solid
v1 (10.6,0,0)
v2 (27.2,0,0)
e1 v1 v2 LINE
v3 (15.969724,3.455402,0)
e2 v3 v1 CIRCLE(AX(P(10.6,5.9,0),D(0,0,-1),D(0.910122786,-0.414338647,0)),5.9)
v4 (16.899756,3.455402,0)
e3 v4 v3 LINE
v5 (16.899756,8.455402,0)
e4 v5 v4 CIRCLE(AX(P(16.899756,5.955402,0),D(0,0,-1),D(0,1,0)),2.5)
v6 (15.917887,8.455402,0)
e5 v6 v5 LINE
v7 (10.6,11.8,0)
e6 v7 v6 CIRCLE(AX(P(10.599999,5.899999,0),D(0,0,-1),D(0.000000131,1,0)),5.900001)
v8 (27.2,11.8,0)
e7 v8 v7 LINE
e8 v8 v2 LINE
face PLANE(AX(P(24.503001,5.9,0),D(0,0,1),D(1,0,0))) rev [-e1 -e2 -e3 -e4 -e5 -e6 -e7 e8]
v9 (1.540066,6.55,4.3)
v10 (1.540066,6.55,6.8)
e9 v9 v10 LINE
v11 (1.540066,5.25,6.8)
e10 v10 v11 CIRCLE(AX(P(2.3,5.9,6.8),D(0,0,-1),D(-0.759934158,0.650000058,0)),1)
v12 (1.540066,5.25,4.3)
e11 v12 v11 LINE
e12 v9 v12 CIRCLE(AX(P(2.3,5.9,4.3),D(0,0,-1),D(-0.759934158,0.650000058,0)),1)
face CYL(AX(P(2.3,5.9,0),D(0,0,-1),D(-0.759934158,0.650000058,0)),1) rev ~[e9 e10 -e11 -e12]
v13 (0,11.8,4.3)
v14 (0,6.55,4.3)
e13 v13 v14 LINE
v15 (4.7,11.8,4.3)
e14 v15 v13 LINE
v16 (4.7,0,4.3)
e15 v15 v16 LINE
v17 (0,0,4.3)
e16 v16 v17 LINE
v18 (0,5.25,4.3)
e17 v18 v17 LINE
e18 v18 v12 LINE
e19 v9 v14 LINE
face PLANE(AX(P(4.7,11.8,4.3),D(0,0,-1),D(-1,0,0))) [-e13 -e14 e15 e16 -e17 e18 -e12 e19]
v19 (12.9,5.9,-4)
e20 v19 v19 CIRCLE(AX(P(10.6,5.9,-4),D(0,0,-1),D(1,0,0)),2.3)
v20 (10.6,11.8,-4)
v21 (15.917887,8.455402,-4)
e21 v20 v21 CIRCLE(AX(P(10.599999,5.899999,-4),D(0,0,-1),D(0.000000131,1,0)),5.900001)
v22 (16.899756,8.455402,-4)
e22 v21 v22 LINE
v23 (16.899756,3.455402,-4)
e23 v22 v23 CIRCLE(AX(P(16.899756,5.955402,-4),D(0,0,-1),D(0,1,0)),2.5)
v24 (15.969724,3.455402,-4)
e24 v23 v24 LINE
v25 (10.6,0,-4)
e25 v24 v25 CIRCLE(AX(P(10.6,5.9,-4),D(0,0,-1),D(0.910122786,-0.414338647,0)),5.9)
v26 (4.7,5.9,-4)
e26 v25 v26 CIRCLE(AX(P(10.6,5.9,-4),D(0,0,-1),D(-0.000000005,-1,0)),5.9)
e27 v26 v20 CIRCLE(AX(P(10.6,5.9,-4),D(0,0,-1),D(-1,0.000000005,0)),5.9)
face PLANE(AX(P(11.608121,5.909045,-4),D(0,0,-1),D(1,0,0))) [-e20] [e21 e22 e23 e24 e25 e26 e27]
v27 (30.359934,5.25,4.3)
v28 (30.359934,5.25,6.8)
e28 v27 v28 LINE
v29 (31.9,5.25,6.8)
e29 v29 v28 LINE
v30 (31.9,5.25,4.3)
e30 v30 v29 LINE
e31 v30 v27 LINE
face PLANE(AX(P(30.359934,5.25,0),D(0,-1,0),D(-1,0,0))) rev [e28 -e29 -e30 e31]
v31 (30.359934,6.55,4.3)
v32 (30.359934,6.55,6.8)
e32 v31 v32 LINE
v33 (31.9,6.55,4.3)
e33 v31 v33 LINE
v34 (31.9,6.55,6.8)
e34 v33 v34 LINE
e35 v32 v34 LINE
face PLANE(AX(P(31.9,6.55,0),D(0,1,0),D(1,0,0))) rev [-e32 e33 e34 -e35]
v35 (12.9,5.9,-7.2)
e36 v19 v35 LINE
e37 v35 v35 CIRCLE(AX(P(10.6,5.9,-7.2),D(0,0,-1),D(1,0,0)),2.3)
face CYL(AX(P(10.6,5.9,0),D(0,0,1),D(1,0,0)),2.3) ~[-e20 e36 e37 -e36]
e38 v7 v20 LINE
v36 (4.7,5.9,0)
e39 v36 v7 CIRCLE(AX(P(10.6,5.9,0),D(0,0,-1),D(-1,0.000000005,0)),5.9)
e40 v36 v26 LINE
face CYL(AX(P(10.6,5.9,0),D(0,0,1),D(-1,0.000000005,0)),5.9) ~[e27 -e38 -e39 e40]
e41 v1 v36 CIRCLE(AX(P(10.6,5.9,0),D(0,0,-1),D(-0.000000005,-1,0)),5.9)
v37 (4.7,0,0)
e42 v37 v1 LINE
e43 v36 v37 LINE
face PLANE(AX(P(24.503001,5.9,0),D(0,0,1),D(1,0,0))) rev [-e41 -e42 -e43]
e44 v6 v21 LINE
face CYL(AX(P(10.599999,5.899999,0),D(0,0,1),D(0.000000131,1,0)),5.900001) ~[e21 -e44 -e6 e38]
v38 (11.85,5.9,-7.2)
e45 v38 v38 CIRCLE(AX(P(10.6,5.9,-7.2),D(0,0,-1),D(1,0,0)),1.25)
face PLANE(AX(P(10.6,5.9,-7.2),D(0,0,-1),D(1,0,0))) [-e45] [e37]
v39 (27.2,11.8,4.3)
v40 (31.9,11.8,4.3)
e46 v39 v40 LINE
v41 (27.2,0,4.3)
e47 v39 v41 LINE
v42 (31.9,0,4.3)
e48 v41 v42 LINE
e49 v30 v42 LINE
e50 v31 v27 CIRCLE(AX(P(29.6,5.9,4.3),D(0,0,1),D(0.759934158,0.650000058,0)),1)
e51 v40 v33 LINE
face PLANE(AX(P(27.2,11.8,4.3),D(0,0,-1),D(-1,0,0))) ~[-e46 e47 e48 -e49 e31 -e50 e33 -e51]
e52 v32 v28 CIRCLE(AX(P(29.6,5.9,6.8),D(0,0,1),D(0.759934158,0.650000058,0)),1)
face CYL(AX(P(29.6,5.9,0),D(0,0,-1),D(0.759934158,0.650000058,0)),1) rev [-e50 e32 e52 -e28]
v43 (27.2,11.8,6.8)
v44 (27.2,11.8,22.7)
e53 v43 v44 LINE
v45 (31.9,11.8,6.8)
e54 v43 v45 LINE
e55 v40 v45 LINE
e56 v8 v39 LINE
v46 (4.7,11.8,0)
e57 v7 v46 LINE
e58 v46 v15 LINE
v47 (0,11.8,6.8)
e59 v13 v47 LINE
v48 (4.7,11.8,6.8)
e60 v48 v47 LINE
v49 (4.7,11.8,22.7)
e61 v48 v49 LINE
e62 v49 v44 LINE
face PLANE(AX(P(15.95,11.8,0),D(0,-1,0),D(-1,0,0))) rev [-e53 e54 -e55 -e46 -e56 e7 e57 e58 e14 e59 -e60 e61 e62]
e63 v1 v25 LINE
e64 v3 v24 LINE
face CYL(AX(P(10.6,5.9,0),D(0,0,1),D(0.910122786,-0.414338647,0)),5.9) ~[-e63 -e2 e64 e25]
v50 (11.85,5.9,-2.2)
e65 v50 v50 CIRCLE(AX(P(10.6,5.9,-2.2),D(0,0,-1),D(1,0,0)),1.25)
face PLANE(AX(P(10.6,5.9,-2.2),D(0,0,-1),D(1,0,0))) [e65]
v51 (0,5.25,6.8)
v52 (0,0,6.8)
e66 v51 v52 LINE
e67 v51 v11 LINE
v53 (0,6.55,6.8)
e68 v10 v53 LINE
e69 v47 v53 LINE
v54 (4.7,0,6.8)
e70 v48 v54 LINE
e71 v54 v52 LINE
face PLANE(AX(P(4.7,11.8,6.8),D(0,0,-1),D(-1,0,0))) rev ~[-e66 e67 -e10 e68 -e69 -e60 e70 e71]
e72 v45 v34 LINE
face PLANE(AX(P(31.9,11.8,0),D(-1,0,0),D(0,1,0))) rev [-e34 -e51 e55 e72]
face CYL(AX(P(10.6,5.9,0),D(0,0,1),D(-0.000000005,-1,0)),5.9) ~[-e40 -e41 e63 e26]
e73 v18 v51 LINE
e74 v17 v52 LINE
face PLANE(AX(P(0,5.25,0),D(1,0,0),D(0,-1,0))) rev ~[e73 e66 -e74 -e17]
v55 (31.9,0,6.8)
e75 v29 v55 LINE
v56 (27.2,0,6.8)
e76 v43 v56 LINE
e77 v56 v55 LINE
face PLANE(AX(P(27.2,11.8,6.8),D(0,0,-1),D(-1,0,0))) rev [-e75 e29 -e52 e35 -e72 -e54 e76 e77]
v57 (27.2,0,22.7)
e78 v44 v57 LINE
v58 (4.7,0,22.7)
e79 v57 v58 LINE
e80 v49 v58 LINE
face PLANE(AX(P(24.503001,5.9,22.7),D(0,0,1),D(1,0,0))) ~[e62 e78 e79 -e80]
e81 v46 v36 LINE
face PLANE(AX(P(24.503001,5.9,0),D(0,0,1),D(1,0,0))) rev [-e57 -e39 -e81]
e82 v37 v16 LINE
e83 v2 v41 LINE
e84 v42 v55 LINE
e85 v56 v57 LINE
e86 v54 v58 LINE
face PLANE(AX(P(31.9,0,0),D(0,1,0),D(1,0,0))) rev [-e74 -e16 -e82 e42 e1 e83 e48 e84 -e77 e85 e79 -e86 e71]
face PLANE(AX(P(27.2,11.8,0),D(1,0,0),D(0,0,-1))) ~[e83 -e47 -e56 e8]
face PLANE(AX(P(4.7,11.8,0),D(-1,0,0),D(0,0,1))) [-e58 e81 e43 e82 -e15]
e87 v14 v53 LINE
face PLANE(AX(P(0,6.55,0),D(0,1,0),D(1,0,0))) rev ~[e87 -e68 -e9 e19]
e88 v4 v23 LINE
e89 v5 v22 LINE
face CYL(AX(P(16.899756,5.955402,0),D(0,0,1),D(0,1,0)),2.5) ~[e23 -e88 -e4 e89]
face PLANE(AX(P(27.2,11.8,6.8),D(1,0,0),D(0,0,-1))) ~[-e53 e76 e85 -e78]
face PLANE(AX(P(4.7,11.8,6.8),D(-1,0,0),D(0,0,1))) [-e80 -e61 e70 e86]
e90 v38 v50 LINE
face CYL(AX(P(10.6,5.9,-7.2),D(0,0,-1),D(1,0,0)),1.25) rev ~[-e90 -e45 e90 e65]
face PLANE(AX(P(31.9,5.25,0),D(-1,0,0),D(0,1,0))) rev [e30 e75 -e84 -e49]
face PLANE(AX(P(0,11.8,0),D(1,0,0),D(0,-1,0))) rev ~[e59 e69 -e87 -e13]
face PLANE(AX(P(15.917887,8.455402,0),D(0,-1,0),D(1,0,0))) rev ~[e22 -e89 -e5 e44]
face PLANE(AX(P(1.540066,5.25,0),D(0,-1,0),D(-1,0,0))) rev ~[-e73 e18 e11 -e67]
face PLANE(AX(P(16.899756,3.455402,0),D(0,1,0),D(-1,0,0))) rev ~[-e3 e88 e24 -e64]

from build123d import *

# Parameters (mm, degrees)
F2_DEPTH  = 22.7
F3_W      = 4.7
F3_H      = 4.3
F3_H_2    = 15.9
F4_DEPTH  = 11.801
F6_R      = 2.3
F7_DEPTH  = 4
F8_DEPTH  = 7.2
F9_R      = 1.25
F10_DEPTH = 5


with BuildPart() as f2:
    # F1 (on face) → F2 (new body)
    with BuildSketch(Plane.XY):
        with BuildLine():
            ThreePointArc((1.540066, 6.55), (3.3, 5.9), (1.540066, 5.25))
            Line((1.540066, 5.25), (0, 5.25))
            Line((0, 5.25), (0, 0))
            Line((0, 0), (15.95, 0))
            Line((15.95, 0), (15.95, 11.8))
            Line((15.95, 11.8), (0, 11.8))
            Line((0, 11.8), (0, 6.55))
            Line((0, 6.55), (1.540066, 6.55))
        make_face()
    extrude(amount=F2_DEPTH)

    # F3 (on face) → F4 (cut, through all)
    with BuildSketch(Plane(origin=(0, 11.8, 0), x_dir=(-1, 0, 0), z_dir=(0, 1, 0))):
        with Locations((-2.35, 2.15)):
            Rectangle(F3_W, F3_H)
        with Locations((-2.35, 14.75)):
            Rectangle(F3_W, F3_H_2)
    extrude(amount=-F4_DEPTH, mode=Mode.SUBTRACT)

    # F5: F2 across face


with BuildPart() as f2_1:
    add(f2.part)
    add(f2.part.mirror(Plane(origin=(15.95, 5.9, 11.35), x_dir=(0, 1, 0), z_dir=(1, 0, 0))))

    # F6 (on face) → F7 (join)
    with BuildSketch(Plane(origin=(0, 0, 0), x_dir=(1, 0, 0), z_dir=(0, 0, -1))):
        with BuildLine():
            Line((16.899756, -3.455402), (15.969724, -3.455402))
            ThreePointArc((15.969724, -3.455402), (13.792716, -0.938492), (10.6, 0))
            ThreePointArc((10.6, 0), (6.42807, -1.72807), (4.7, -5.9))
            ThreePointArc((4.7, -5.9), (6.42807, -10.07193), (10.6, -11.8))
            ThreePointArc((10.6, -11.8), (13.741109, -10.89434), (15.917887, -8.455402))
            Line((15.917887, -8.455402), (16.899756, -8.455402))
            ThreePointArc((16.899756, -8.455402), (19.399756, -5.955402), (16.899756, -3.455402))
        make_face()
        with Locations((10.6, -5.9)):
            Circle(F6_R, mode=Mode.SUBTRACT)
    extrude(amount=F7_DEPTH)

    # F6 (on face) → F8 (join)
    with BuildSketch(Plane(origin=(0, 0, 0), x_dir=(1, 0, 0), z_dir=(0, 0, -1))):
        with Locations((10.6, -5.9)):
            Circle(F6_R)
    extrude(amount=F8_DEPTH)

    # F9 (on face) → F10 (cut)
    with BuildSketch(Plane(origin=(0, 0, -7.2), x_dir=(1, 0, 0), z_dir=(0, 0, -1))):
        with Locations((10.6, -5.9)):
            Circle(F9_R)
    extrude(amount=-F10_DEPTH, mode=Mode.SUBTRACT)


solid = f2_1.part
